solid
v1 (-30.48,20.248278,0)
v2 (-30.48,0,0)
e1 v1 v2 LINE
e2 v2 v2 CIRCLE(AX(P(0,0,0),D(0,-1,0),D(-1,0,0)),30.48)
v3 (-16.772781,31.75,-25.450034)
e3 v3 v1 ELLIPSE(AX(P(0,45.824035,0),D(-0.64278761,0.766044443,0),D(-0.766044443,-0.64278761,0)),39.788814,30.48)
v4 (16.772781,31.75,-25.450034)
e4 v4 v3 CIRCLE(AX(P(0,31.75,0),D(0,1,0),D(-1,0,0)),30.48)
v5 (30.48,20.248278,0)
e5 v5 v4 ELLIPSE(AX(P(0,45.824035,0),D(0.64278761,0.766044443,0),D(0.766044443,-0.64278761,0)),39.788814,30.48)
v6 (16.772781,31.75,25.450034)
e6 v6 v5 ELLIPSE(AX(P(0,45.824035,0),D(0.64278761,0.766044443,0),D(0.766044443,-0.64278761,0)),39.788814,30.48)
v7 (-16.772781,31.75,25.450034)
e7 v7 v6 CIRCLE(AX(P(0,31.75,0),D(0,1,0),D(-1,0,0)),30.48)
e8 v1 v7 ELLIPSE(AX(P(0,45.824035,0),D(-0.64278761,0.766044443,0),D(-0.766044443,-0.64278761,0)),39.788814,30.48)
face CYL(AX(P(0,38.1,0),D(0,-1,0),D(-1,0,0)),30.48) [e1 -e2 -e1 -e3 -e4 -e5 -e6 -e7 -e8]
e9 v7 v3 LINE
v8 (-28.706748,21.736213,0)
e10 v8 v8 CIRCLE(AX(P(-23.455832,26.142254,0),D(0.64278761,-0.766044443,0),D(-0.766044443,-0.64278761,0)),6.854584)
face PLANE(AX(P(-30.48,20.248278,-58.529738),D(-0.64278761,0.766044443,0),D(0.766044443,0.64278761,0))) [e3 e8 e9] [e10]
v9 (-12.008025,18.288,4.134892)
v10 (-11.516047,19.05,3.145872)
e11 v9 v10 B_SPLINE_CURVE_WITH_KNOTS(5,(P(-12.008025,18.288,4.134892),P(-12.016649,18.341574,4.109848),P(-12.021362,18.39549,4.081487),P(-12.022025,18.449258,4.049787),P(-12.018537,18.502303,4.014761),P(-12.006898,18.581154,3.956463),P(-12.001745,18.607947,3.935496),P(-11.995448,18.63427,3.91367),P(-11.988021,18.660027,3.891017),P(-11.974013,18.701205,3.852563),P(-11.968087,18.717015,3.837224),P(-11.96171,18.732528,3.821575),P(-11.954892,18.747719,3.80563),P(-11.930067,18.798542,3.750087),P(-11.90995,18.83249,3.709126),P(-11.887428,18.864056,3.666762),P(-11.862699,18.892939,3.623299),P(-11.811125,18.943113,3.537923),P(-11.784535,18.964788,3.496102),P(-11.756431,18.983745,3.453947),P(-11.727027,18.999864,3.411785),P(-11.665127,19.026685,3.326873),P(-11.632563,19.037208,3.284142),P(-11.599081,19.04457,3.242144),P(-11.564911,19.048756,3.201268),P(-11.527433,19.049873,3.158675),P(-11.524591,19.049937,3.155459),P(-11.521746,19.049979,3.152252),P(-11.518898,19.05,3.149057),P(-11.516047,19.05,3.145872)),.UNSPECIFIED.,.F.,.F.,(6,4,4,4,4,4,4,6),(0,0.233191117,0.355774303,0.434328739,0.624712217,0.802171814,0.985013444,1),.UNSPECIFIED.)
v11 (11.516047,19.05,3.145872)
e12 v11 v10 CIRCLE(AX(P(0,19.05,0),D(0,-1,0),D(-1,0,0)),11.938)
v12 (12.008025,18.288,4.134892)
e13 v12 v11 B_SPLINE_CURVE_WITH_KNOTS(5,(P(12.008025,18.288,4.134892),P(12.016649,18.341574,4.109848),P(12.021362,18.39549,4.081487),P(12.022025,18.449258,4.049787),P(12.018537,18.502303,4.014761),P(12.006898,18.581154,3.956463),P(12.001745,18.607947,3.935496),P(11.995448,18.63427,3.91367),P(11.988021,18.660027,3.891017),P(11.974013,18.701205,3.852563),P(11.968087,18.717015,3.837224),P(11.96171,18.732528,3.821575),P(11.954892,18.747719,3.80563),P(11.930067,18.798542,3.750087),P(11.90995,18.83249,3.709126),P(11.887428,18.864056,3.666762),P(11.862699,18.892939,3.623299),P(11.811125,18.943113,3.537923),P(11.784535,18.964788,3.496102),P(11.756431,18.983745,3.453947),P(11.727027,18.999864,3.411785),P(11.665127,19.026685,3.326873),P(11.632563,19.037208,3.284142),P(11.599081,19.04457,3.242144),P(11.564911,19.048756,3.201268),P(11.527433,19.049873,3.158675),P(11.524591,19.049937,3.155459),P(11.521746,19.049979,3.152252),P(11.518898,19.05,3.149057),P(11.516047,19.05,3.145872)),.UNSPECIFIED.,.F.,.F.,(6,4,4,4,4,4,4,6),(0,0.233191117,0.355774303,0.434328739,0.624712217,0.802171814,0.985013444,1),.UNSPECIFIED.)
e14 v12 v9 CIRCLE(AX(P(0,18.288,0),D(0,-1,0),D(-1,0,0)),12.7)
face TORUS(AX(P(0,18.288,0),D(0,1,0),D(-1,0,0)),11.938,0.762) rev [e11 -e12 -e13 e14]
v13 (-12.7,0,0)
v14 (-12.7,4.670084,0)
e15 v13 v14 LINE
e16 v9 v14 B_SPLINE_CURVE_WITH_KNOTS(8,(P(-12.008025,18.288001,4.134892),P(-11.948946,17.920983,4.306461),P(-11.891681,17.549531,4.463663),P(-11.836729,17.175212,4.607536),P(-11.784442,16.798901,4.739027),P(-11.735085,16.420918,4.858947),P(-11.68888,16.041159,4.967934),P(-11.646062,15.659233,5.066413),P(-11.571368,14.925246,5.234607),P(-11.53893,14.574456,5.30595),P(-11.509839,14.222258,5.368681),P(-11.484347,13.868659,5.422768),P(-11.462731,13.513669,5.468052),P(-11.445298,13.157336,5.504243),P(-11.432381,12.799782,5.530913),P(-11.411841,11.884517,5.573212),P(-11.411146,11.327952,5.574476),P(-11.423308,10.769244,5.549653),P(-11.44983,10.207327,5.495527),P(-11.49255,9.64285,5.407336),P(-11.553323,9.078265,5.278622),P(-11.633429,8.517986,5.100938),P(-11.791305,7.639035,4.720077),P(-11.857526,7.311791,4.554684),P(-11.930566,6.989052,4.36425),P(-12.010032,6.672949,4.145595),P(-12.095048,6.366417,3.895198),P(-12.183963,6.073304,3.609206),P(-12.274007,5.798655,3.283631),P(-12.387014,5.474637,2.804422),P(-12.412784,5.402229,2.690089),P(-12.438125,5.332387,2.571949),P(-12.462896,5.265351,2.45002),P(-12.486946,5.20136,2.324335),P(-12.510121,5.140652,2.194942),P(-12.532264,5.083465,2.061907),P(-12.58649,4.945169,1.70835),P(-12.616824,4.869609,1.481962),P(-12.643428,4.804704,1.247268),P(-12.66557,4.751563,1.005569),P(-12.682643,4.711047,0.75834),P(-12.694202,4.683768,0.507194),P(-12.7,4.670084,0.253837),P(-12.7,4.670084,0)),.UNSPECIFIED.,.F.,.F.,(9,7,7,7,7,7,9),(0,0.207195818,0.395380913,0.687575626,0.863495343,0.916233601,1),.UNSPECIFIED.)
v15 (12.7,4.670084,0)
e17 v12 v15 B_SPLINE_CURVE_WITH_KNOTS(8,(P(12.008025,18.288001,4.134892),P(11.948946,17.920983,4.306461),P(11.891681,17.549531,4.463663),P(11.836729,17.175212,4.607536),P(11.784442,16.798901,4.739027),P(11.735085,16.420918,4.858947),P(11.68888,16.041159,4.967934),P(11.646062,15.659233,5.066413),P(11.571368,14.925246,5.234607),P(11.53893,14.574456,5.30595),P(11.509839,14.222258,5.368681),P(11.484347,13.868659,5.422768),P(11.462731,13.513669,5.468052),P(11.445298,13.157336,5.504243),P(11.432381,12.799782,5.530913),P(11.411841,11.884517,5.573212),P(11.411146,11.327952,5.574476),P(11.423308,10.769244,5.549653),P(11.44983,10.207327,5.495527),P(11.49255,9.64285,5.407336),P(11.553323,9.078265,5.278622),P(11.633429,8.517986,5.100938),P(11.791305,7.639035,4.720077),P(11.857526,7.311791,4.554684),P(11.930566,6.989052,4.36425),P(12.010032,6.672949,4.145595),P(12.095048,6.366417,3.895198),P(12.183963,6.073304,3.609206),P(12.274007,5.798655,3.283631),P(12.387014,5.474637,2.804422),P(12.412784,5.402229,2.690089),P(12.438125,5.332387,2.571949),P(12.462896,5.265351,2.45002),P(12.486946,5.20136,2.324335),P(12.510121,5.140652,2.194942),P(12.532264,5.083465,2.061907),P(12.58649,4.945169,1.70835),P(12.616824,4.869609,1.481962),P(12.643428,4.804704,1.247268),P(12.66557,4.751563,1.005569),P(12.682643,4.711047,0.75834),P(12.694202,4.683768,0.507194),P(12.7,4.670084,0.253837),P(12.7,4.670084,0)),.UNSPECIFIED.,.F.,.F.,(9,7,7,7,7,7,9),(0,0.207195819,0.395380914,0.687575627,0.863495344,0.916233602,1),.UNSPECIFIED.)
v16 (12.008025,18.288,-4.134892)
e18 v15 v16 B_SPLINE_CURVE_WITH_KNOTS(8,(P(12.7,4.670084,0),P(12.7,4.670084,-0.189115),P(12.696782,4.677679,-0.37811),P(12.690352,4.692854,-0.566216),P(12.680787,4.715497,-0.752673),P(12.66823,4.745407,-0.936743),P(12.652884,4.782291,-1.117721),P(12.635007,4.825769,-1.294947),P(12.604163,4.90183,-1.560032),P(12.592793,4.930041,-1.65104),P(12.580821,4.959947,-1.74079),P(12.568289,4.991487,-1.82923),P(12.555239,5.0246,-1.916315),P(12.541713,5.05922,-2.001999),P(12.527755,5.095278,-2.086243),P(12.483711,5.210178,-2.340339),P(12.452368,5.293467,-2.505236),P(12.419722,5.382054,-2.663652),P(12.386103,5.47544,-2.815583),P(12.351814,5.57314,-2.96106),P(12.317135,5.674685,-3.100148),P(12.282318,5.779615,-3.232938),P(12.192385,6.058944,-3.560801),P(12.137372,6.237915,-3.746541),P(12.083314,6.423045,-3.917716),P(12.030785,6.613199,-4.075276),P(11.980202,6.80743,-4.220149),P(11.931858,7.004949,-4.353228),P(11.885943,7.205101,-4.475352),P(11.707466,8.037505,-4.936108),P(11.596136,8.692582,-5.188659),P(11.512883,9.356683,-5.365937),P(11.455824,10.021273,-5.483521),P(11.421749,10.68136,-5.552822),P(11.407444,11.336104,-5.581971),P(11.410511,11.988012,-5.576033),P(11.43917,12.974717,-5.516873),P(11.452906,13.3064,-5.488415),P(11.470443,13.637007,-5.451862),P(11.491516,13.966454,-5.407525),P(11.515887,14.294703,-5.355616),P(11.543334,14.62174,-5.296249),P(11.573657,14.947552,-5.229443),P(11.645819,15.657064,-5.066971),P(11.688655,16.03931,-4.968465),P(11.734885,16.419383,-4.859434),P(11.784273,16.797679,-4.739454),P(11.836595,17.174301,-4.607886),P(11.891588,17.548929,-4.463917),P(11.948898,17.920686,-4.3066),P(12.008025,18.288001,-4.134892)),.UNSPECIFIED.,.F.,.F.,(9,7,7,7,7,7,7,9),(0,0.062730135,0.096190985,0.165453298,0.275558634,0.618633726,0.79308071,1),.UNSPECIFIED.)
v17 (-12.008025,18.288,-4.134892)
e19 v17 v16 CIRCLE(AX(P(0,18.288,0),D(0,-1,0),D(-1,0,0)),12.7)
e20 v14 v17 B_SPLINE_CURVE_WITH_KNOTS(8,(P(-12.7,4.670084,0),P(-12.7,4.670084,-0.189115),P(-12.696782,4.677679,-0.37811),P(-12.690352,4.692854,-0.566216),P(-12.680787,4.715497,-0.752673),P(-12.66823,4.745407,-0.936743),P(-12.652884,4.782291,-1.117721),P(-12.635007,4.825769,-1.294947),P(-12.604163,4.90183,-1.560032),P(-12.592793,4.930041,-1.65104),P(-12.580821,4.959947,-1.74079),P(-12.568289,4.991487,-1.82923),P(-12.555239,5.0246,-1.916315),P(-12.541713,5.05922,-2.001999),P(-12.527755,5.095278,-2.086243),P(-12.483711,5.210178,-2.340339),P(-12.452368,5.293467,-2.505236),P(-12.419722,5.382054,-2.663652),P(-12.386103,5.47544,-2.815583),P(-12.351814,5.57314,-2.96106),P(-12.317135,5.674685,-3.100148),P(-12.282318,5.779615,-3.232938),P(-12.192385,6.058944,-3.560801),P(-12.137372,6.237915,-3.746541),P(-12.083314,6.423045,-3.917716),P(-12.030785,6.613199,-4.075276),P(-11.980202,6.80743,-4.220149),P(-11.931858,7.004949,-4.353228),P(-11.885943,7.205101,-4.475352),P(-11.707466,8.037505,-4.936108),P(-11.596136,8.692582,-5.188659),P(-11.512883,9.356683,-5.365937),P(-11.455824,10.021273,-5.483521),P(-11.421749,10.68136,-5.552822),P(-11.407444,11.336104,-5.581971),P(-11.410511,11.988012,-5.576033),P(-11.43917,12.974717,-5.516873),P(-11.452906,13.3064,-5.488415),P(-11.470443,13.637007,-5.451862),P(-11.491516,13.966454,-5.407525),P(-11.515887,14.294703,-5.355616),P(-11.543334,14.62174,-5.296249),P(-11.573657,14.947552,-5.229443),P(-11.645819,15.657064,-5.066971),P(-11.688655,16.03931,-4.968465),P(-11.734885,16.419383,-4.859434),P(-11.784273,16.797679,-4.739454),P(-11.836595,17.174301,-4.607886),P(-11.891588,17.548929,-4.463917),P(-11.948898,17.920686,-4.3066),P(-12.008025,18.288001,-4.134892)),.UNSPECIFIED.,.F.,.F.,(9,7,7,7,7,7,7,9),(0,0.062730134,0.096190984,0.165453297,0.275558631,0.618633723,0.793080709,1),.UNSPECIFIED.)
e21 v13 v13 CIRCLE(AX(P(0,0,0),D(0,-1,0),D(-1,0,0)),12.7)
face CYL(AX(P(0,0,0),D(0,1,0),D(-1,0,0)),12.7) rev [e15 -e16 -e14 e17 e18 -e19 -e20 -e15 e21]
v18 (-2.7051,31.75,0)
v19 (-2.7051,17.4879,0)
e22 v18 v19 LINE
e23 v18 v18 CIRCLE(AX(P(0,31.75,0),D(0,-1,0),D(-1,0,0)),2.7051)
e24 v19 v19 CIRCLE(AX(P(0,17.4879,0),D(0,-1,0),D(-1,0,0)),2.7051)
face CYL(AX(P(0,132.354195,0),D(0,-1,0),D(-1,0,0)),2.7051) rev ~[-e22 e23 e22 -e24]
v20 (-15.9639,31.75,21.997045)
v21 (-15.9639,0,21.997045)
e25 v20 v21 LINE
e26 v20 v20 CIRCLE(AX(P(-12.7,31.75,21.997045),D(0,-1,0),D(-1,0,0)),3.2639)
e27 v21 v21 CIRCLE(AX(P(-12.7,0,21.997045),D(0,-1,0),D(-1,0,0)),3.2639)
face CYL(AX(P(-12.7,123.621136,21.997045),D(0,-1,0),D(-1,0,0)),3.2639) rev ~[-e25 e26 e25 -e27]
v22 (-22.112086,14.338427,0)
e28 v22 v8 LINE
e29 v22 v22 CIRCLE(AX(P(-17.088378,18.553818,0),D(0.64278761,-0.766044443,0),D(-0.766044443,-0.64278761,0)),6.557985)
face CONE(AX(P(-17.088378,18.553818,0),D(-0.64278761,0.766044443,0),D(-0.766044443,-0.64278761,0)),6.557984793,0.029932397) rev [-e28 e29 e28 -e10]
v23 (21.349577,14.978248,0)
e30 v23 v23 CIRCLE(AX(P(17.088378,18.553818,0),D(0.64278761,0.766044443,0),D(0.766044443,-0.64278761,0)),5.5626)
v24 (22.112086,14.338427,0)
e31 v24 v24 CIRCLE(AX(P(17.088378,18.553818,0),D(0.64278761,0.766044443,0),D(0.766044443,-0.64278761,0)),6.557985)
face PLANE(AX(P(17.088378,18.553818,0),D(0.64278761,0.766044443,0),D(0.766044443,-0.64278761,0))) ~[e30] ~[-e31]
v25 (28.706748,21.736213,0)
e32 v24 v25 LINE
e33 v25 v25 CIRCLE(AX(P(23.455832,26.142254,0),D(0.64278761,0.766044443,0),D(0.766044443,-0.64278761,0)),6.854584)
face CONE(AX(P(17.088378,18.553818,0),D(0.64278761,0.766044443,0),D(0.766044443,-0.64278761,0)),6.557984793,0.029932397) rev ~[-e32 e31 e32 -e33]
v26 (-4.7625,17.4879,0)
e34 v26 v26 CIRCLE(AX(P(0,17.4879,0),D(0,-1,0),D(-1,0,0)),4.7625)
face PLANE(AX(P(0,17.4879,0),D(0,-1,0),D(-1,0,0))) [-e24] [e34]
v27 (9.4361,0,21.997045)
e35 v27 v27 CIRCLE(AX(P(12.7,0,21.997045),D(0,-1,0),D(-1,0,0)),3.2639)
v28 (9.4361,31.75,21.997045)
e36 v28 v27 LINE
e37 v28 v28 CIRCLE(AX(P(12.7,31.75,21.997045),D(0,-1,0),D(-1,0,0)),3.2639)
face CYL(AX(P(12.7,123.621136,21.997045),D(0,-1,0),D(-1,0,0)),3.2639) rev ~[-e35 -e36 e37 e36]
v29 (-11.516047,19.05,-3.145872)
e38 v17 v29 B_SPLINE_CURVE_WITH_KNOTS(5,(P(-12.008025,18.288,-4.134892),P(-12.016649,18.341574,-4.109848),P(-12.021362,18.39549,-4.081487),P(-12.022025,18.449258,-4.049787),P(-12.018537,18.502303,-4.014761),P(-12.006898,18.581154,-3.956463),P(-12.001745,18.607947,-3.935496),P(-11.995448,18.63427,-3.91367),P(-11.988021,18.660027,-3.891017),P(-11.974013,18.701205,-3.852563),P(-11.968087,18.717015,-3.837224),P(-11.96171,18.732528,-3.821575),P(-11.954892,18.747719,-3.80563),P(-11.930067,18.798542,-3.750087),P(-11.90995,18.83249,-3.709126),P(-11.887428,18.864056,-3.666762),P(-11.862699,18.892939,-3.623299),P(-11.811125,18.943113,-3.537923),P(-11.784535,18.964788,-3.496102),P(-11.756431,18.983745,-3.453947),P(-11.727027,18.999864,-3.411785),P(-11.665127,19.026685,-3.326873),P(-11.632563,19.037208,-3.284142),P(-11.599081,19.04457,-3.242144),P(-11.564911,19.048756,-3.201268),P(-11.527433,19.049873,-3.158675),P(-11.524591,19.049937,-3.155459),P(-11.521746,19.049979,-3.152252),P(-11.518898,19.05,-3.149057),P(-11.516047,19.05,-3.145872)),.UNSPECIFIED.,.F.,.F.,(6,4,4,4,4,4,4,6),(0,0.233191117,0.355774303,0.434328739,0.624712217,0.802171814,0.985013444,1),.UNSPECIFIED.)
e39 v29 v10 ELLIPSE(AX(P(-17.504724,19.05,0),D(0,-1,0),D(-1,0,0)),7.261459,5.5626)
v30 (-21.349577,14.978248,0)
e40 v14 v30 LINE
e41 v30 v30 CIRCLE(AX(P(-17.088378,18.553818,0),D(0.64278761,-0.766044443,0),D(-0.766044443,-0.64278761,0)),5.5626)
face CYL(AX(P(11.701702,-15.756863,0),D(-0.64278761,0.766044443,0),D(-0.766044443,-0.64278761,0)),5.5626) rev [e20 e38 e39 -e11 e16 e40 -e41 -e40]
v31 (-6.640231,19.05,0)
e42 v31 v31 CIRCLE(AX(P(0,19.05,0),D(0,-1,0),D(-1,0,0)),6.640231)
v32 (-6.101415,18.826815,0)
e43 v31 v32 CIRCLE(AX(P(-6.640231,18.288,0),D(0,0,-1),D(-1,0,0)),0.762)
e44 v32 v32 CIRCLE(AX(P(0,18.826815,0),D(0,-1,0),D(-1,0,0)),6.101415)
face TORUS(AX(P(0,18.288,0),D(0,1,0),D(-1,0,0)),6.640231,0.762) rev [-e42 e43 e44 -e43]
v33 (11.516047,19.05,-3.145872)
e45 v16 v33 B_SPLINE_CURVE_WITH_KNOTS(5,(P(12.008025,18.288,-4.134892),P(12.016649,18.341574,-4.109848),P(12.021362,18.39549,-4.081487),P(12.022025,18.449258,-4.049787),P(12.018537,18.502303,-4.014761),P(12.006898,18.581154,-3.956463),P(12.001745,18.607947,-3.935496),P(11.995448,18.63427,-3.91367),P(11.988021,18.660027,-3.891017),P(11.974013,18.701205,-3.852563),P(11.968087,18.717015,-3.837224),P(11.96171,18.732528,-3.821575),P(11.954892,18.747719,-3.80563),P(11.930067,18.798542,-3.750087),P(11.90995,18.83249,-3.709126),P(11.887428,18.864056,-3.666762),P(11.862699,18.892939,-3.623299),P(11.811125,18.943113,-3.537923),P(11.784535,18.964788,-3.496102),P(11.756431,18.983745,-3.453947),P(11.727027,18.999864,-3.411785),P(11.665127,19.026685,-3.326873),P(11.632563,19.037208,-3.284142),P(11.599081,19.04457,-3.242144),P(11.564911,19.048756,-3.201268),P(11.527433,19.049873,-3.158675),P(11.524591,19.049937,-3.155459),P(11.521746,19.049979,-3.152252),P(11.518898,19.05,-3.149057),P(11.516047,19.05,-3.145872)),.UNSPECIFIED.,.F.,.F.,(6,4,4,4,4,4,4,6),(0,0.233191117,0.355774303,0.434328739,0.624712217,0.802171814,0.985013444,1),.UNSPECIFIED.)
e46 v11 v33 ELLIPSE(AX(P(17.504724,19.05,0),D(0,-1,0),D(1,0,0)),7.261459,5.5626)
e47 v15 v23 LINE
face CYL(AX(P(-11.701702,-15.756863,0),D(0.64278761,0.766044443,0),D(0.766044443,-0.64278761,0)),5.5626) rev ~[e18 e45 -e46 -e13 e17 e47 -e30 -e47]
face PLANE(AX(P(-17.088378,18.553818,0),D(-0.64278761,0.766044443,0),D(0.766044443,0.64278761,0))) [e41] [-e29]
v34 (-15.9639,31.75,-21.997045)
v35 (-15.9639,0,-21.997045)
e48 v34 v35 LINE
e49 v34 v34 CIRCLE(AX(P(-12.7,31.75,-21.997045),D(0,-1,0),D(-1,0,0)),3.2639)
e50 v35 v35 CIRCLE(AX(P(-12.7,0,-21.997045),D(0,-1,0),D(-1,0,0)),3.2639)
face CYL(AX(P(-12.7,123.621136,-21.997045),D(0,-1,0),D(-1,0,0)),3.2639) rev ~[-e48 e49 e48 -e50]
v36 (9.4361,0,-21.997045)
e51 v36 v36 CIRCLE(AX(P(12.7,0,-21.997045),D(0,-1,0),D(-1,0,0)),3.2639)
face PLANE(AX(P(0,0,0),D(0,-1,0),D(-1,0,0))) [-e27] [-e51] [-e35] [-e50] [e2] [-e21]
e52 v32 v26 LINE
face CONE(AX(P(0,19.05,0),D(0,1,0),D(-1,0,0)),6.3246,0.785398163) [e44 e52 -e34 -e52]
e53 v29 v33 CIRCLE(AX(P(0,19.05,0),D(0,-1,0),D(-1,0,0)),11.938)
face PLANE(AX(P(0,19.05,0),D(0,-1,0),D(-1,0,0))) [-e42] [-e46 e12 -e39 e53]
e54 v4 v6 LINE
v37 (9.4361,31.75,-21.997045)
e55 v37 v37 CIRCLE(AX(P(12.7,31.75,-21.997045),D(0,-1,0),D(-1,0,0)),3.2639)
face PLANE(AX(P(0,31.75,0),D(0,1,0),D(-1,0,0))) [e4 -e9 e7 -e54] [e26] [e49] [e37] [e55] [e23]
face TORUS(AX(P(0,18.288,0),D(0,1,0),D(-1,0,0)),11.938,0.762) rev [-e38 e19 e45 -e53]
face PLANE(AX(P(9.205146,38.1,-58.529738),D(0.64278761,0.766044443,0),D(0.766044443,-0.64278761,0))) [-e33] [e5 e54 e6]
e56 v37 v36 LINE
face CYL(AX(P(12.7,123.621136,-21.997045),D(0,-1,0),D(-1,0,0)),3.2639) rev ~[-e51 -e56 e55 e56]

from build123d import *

# Parameters (mm, degrees)
CUT_EXTRUDE1_DEPTH         = 58.529738397
CUT_EXTRUDE1_DEPTH_BACK    = 58.529738397
F_1_4_28_TAPPED_HOLE1_D    = 5.4102
CUT_EXTRUDE2_START         = -6.35
SKETCH5_R                  = 30.48
CUT_EXTRUDE2_DEPTH         = 6.35
USE_ROUND_CORNER_ENDMILL_R = 0.762
F_1_4_CLEARANCE_HOLE1_D    = 6.5278


with BuildPart() as part:
    # MASTER → MASTER_SKETCH (revolve)
    with BuildSketch(Plane.XY):
        Polygon((0, 38.1), (-30.48, 38.1), (-30.48, 0), (-12.7, 0), (-12.7, 19.05), (-6.3246, 19.05), (-4.7625, 17.4879), (0, 17.4879), align=None)
    revolve(axis=Axis((0, 38.1, 0), (0, -1, 0)))

    # Sketch2 → Cut-Extrude1 (cut, two sides: drawn at the far end of the back side and taken through both)
    with BuildSketch(Plane.XY.offset(-CUT_EXTRUDE1_DEPTH_BACK)):
        Polygon((-30.48, 20.248277745), (-9.205145869, 38.1), (-30.48, 38.1), align=None)
        Polygon((30.48, 38.1), (9.205145869, 38.1), (30.48, 20.248277745), align=None)
    extrude(amount=CUT_EXTRUDE1_DEPTH + CUT_EXTRUDE1_DEPTH_BACK, mode=Mode.SUBTRACT)

    # 1/4-28 Tapped Hole1 (through all)
    with Locations(Plane(origin=(0, 38.1, 0), x_dir=(1, 0, 0), z_dir=(0, 1, 0))):
        with Locations((0, 0)):
            Hole(F_1_4_28_TAPPED_HOLE1_D / 2)

    # Sketch5 → Cut-Extrude2 (cut)
    with BuildSketch(Plane(origin=(0, 38.1, 0), x_dir=(1, 0, 0), z_dir=(0, 1, 0)).offset(CUT_EXTRUDE2_START)):
        with Locations(Location((0, 0, 0), (0, 0, 180))):
            Circle(SKETCH5_R)
    extrude(amount=CUT_EXTRUDE2_DEPTH, mode=Mode.SUBTRACT)

    # use-round-corner-endmill
    use_round_corner_endmill_edges = [part.edges().sort_by_distance(p)[0] for p in [
        (6.3246, 19.05, 0),
        (12.7, 19.05, 0),
    ]]
    fillet(use_round_corner_endmill_edges, radius=USE_ROUND_CORNER_ENDMILL_R)

    # Sketch7 → 1/4 NPT Tapped Hole1 (revolve, cut)
    with BuildSketch(Plane(origin=(-23.455832083, 26.142254454, 0), x_dir=(-0.7660444431189741, -0.642787609686544, 0), z_dir=(0, 0, 1))):
        Polygon((0, 0), (0, 54.695413336), (5.5626, 54.695413336), (5.5626, 9.906), (6.557984794, 9.906), (6.8545837, 0), align=None)
    f_1_4_npt_tapped_hole1 = revolve(axis=Axis((-27.537533405, 31.006636667, 0), (0.6427876096865441, -0.7660444431189741, 0)), mode=Mode.SUBTRACT)

    # Mirror1: 1/4 NPT Tapped Hole1 across plane
    add(f_1_4_npt_tapped_hole1.mirror(Plane(origin=(0, 0, 0), x_dir=(0, 0, 1), z_dir=(1, 0, 0))), mode=Mode.SUBTRACT)

    # 1/4 Clearance Hole1 (through all)
    with Locations(Plane(origin=(0, 31.75, 0), x_dir=(1, 0, 0), z_dir=(0, 1, 0))):
        with Locations((-12.7, -21.997045256), (12.7, -21.997045256), (12.7, 21.997045256), (-12.7, 21.997045256)):
            Hole(F_1_4_CLEARANCE_HOLE1_D / 2)


solid = part.part
